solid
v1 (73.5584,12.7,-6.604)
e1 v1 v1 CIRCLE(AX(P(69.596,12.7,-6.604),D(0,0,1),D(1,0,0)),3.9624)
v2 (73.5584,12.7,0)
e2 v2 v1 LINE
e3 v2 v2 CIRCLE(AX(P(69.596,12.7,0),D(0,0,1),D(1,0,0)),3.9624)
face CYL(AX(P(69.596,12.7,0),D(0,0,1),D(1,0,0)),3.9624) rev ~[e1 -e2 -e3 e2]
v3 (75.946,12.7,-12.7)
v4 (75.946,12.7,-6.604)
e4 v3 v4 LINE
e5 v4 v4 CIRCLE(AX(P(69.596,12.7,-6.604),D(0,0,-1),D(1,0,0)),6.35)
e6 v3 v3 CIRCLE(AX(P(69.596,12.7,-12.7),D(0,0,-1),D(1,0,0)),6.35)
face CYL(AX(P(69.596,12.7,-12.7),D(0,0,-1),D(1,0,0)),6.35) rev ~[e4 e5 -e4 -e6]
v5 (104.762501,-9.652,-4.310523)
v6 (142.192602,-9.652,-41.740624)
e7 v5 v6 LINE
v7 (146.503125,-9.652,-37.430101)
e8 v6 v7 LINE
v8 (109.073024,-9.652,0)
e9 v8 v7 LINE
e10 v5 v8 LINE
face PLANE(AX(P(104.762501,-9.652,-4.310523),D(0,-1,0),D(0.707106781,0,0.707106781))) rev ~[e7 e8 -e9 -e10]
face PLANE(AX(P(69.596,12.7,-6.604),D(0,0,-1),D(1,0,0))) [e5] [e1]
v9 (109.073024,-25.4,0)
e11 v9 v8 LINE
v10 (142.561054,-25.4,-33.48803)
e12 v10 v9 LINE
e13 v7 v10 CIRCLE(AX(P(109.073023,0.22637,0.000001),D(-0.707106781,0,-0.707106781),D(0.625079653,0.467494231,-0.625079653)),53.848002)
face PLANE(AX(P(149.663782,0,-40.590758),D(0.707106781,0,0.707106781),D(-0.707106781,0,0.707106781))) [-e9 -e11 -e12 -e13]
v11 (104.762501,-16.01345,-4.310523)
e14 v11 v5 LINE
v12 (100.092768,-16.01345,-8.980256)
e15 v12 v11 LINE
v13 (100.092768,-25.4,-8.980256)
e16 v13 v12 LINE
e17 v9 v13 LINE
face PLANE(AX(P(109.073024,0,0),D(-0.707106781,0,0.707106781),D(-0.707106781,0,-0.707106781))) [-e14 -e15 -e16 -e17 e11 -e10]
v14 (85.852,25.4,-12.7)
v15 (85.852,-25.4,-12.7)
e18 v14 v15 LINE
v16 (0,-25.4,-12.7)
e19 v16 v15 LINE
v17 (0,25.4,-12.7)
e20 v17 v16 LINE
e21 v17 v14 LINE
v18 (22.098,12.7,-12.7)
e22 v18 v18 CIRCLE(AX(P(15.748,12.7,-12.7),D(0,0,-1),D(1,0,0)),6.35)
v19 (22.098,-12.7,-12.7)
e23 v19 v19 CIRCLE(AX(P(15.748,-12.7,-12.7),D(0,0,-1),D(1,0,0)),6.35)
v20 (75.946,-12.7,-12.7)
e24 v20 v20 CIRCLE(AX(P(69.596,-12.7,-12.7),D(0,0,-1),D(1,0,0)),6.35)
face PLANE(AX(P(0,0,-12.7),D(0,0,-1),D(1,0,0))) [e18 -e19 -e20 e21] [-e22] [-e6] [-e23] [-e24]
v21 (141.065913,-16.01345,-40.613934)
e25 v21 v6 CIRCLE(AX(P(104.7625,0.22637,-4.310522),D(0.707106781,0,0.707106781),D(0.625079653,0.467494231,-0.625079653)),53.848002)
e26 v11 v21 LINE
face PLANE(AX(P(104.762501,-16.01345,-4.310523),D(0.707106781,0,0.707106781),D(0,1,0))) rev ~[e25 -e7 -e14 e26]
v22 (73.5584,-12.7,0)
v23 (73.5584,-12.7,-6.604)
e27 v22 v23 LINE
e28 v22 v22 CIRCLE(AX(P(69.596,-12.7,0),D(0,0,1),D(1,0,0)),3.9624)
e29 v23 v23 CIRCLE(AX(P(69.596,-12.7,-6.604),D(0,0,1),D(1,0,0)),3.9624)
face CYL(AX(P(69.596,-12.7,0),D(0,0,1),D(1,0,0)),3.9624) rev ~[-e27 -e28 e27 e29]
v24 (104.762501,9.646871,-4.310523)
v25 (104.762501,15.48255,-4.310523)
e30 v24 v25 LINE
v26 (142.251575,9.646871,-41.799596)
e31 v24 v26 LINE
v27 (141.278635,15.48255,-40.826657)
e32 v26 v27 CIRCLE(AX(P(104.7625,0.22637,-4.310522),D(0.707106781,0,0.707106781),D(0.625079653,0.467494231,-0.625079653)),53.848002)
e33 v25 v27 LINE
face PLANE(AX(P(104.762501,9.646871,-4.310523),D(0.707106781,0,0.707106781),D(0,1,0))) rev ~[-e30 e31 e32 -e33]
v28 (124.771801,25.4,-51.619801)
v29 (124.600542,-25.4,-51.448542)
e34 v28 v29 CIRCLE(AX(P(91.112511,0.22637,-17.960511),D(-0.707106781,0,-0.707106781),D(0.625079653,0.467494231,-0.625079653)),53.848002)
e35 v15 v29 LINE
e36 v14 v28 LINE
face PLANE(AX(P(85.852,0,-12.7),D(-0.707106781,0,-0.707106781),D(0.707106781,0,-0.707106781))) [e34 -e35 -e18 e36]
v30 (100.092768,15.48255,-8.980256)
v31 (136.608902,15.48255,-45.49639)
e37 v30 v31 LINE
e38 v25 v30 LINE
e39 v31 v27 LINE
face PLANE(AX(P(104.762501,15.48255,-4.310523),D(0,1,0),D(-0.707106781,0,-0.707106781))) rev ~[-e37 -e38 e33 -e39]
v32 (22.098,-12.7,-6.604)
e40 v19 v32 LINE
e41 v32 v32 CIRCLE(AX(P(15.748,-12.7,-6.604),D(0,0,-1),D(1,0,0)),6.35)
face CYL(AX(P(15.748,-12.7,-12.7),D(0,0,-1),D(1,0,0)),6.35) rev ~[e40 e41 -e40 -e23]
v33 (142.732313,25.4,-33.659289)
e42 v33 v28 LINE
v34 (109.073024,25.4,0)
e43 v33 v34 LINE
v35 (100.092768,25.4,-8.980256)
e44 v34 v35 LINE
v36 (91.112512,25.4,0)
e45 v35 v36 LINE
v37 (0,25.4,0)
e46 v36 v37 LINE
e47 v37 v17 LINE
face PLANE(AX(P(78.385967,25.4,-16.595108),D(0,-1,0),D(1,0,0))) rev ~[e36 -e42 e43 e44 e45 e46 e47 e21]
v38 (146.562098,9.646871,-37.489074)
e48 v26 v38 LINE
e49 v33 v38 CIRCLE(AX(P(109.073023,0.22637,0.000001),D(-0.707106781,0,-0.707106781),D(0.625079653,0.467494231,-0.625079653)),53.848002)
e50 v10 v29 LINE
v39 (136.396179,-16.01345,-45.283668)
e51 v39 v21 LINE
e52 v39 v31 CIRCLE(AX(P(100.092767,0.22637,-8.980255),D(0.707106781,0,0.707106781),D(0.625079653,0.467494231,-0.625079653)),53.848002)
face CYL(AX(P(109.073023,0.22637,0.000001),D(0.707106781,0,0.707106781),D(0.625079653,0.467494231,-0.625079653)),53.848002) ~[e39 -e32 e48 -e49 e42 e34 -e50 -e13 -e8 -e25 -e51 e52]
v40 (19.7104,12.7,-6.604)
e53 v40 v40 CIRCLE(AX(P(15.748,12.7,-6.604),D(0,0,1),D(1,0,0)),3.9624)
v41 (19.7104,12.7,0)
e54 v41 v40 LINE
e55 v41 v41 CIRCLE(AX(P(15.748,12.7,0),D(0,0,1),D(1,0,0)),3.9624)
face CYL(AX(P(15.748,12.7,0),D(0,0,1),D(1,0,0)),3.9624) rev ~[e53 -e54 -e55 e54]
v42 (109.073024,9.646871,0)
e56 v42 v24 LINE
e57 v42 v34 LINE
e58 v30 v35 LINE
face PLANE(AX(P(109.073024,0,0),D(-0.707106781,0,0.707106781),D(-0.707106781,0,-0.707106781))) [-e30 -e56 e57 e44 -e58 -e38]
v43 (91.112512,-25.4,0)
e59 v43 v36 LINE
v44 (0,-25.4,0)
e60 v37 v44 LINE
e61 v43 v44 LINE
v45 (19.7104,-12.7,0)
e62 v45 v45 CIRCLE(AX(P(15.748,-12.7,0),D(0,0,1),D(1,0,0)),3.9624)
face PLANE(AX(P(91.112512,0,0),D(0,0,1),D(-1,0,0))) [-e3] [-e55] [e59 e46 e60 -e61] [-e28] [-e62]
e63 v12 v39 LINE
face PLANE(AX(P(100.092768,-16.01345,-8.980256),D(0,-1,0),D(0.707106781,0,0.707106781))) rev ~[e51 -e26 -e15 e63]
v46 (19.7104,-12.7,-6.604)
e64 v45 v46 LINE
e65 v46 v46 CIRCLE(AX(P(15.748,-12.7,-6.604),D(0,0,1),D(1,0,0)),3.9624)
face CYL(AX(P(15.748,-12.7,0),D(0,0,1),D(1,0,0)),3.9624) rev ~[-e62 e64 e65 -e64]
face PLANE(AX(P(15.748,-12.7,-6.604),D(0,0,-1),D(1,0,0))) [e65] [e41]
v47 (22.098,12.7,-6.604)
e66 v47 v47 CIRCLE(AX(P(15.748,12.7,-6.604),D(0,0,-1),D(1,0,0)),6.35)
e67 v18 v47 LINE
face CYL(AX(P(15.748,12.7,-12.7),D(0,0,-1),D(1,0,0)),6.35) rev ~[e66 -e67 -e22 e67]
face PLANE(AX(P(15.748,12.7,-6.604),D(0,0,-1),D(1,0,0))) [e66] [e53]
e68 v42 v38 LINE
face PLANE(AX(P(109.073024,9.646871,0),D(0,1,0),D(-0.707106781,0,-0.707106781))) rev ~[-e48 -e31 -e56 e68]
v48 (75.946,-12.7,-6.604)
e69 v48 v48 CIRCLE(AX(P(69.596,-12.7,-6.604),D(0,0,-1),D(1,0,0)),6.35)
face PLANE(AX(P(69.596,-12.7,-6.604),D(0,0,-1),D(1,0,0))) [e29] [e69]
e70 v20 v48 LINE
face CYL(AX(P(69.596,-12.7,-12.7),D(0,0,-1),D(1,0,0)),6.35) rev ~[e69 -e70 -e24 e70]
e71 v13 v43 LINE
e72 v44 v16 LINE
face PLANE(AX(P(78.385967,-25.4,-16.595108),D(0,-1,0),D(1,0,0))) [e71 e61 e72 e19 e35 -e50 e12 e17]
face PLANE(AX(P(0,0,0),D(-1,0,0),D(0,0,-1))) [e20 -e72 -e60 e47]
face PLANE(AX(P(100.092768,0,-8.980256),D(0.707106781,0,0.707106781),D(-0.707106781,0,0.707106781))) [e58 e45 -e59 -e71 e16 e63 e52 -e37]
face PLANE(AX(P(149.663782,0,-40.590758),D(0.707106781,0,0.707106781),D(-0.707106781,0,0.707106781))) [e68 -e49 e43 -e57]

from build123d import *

# Parameters (mm, degrees)
F1_DEPTH  = 25.4
F2_R      = 3.9624
F3_DEPTH  = 58.55227
F4_R      = 6.35
F5_DEPTH  = 6.096
F7_DEPTH  = 25.4
F8_DEPTH  = 25.4
F10_DEPTH = 66.549


with BuildPart() as f1:
    # F0 (on Front) → F1 (new body, symmetric)
    with BuildSketch(Plane.XZ):
        Polygon((91.112512, 0), (0, 0), (0, -12.7), (85.852, -12.7), (131.70327, -58.55127), (149.663782, -40.590758), (109.073024, 0), (100.092768, -8.980256), align=None)
    extrude(amount=F1_DEPTH, both=True)

    # F2 (on face) → F3 (cut, through all)
    with BuildSketch(Plane.XY):
        with Locations((15.748, 12.7)):
            Circle(F2_R)
        with Locations((15.748, -12.7)):
            Circle(F2_R)
        with Locations((69.596, 12.7)):
            Circle(F2_R)
        with Locations((69.596, -12.7)):
            Circle(F2_R)
    extrude(amount=-F3_DEPTH, mode=Mode.SUBTRACT)

    # F4 (on face) → F5 (cut)
    with BuildSketch(Plane(origin=(0, 0, -12.7), x_dir=(1, 0, 0), z_dir=(0, 0, -1))):
        with Locations((15.748, 12.7)):
            Circle(F4_R)
        with Locations((15.748, -12.7)):
            Circle(F4_R)
        with Locations((69.596, -12.7)):
            Circle(F4_R)
        with Locations((69.596, 12.7)):
            Circle(F4_R)
    extrude(amount=-F5_DEPTH, mode=Mode.SUBTRACT)

    # F6 (on face) → F7 (join)
    with BuildSketch(Plane(origin=(54.536512, 0, 54.536512), x_dir=(0.707107, 0, -0.707107), z_dir=(0.707107, 0, 0.707107))):
        with BuildLine():
            ThreePointArc((124.727698, 25.4), (130.973663, -0.030356), (124.485501, -25.4))
            Line((124.485501, -25.4), (134.530275, -25.4))
            Line((134.530275, -25.4), (134.530275, 25.4))
            Line((134.530275, 25.4), (124.727698, 25.4))
        make_face()
    extrude(amount=-F7_DEPTH)

    # F6 (on face) → F8 (cut)
    with BuildSketch(Plane(origin=(54.536512, 0, 54.536512), x_dir=(0.707107, 0, -0.707107), z_dir=(0.707107, 0, 0.707107))):
        with BuildLine():
            ThreePointArc((124.727698, 25.4), (130.973663, -0.030356), (124.485501, -25.4))
            Line((124.485501, -25.4), (134.530275, -25.4))
            Line((134.530275, -25.4), (134.530275, 25.4))
            Line((134.530275, 25.4), (124.727698, 25.4))
        make_face()
    extrude(amount=-F8_DEPTH, mode=Mode.SUBTRACT)

    # F9 (on face) → F10 (cut, through all)
    with BuildSketch(Plane(origin=(54.536512, 0, -54.536512), x_dir=(0, -1, 0), z_dir=(-0.707107, 0, 0.707107))):
        Polygon((9.652, 71.030275), (9.652, 77.126275), (-9.646871, 77.126275), (-9.646871, 71.030275), (-15.48255, 71.030275), (-15.48255, 64.426275), (16.01345, 64.426275), (16.01345, 71.030275), align=None)
    extrude(amount=-F10_DEPTH, mode=Mode.SUBTRACT)


solid = f1.part
